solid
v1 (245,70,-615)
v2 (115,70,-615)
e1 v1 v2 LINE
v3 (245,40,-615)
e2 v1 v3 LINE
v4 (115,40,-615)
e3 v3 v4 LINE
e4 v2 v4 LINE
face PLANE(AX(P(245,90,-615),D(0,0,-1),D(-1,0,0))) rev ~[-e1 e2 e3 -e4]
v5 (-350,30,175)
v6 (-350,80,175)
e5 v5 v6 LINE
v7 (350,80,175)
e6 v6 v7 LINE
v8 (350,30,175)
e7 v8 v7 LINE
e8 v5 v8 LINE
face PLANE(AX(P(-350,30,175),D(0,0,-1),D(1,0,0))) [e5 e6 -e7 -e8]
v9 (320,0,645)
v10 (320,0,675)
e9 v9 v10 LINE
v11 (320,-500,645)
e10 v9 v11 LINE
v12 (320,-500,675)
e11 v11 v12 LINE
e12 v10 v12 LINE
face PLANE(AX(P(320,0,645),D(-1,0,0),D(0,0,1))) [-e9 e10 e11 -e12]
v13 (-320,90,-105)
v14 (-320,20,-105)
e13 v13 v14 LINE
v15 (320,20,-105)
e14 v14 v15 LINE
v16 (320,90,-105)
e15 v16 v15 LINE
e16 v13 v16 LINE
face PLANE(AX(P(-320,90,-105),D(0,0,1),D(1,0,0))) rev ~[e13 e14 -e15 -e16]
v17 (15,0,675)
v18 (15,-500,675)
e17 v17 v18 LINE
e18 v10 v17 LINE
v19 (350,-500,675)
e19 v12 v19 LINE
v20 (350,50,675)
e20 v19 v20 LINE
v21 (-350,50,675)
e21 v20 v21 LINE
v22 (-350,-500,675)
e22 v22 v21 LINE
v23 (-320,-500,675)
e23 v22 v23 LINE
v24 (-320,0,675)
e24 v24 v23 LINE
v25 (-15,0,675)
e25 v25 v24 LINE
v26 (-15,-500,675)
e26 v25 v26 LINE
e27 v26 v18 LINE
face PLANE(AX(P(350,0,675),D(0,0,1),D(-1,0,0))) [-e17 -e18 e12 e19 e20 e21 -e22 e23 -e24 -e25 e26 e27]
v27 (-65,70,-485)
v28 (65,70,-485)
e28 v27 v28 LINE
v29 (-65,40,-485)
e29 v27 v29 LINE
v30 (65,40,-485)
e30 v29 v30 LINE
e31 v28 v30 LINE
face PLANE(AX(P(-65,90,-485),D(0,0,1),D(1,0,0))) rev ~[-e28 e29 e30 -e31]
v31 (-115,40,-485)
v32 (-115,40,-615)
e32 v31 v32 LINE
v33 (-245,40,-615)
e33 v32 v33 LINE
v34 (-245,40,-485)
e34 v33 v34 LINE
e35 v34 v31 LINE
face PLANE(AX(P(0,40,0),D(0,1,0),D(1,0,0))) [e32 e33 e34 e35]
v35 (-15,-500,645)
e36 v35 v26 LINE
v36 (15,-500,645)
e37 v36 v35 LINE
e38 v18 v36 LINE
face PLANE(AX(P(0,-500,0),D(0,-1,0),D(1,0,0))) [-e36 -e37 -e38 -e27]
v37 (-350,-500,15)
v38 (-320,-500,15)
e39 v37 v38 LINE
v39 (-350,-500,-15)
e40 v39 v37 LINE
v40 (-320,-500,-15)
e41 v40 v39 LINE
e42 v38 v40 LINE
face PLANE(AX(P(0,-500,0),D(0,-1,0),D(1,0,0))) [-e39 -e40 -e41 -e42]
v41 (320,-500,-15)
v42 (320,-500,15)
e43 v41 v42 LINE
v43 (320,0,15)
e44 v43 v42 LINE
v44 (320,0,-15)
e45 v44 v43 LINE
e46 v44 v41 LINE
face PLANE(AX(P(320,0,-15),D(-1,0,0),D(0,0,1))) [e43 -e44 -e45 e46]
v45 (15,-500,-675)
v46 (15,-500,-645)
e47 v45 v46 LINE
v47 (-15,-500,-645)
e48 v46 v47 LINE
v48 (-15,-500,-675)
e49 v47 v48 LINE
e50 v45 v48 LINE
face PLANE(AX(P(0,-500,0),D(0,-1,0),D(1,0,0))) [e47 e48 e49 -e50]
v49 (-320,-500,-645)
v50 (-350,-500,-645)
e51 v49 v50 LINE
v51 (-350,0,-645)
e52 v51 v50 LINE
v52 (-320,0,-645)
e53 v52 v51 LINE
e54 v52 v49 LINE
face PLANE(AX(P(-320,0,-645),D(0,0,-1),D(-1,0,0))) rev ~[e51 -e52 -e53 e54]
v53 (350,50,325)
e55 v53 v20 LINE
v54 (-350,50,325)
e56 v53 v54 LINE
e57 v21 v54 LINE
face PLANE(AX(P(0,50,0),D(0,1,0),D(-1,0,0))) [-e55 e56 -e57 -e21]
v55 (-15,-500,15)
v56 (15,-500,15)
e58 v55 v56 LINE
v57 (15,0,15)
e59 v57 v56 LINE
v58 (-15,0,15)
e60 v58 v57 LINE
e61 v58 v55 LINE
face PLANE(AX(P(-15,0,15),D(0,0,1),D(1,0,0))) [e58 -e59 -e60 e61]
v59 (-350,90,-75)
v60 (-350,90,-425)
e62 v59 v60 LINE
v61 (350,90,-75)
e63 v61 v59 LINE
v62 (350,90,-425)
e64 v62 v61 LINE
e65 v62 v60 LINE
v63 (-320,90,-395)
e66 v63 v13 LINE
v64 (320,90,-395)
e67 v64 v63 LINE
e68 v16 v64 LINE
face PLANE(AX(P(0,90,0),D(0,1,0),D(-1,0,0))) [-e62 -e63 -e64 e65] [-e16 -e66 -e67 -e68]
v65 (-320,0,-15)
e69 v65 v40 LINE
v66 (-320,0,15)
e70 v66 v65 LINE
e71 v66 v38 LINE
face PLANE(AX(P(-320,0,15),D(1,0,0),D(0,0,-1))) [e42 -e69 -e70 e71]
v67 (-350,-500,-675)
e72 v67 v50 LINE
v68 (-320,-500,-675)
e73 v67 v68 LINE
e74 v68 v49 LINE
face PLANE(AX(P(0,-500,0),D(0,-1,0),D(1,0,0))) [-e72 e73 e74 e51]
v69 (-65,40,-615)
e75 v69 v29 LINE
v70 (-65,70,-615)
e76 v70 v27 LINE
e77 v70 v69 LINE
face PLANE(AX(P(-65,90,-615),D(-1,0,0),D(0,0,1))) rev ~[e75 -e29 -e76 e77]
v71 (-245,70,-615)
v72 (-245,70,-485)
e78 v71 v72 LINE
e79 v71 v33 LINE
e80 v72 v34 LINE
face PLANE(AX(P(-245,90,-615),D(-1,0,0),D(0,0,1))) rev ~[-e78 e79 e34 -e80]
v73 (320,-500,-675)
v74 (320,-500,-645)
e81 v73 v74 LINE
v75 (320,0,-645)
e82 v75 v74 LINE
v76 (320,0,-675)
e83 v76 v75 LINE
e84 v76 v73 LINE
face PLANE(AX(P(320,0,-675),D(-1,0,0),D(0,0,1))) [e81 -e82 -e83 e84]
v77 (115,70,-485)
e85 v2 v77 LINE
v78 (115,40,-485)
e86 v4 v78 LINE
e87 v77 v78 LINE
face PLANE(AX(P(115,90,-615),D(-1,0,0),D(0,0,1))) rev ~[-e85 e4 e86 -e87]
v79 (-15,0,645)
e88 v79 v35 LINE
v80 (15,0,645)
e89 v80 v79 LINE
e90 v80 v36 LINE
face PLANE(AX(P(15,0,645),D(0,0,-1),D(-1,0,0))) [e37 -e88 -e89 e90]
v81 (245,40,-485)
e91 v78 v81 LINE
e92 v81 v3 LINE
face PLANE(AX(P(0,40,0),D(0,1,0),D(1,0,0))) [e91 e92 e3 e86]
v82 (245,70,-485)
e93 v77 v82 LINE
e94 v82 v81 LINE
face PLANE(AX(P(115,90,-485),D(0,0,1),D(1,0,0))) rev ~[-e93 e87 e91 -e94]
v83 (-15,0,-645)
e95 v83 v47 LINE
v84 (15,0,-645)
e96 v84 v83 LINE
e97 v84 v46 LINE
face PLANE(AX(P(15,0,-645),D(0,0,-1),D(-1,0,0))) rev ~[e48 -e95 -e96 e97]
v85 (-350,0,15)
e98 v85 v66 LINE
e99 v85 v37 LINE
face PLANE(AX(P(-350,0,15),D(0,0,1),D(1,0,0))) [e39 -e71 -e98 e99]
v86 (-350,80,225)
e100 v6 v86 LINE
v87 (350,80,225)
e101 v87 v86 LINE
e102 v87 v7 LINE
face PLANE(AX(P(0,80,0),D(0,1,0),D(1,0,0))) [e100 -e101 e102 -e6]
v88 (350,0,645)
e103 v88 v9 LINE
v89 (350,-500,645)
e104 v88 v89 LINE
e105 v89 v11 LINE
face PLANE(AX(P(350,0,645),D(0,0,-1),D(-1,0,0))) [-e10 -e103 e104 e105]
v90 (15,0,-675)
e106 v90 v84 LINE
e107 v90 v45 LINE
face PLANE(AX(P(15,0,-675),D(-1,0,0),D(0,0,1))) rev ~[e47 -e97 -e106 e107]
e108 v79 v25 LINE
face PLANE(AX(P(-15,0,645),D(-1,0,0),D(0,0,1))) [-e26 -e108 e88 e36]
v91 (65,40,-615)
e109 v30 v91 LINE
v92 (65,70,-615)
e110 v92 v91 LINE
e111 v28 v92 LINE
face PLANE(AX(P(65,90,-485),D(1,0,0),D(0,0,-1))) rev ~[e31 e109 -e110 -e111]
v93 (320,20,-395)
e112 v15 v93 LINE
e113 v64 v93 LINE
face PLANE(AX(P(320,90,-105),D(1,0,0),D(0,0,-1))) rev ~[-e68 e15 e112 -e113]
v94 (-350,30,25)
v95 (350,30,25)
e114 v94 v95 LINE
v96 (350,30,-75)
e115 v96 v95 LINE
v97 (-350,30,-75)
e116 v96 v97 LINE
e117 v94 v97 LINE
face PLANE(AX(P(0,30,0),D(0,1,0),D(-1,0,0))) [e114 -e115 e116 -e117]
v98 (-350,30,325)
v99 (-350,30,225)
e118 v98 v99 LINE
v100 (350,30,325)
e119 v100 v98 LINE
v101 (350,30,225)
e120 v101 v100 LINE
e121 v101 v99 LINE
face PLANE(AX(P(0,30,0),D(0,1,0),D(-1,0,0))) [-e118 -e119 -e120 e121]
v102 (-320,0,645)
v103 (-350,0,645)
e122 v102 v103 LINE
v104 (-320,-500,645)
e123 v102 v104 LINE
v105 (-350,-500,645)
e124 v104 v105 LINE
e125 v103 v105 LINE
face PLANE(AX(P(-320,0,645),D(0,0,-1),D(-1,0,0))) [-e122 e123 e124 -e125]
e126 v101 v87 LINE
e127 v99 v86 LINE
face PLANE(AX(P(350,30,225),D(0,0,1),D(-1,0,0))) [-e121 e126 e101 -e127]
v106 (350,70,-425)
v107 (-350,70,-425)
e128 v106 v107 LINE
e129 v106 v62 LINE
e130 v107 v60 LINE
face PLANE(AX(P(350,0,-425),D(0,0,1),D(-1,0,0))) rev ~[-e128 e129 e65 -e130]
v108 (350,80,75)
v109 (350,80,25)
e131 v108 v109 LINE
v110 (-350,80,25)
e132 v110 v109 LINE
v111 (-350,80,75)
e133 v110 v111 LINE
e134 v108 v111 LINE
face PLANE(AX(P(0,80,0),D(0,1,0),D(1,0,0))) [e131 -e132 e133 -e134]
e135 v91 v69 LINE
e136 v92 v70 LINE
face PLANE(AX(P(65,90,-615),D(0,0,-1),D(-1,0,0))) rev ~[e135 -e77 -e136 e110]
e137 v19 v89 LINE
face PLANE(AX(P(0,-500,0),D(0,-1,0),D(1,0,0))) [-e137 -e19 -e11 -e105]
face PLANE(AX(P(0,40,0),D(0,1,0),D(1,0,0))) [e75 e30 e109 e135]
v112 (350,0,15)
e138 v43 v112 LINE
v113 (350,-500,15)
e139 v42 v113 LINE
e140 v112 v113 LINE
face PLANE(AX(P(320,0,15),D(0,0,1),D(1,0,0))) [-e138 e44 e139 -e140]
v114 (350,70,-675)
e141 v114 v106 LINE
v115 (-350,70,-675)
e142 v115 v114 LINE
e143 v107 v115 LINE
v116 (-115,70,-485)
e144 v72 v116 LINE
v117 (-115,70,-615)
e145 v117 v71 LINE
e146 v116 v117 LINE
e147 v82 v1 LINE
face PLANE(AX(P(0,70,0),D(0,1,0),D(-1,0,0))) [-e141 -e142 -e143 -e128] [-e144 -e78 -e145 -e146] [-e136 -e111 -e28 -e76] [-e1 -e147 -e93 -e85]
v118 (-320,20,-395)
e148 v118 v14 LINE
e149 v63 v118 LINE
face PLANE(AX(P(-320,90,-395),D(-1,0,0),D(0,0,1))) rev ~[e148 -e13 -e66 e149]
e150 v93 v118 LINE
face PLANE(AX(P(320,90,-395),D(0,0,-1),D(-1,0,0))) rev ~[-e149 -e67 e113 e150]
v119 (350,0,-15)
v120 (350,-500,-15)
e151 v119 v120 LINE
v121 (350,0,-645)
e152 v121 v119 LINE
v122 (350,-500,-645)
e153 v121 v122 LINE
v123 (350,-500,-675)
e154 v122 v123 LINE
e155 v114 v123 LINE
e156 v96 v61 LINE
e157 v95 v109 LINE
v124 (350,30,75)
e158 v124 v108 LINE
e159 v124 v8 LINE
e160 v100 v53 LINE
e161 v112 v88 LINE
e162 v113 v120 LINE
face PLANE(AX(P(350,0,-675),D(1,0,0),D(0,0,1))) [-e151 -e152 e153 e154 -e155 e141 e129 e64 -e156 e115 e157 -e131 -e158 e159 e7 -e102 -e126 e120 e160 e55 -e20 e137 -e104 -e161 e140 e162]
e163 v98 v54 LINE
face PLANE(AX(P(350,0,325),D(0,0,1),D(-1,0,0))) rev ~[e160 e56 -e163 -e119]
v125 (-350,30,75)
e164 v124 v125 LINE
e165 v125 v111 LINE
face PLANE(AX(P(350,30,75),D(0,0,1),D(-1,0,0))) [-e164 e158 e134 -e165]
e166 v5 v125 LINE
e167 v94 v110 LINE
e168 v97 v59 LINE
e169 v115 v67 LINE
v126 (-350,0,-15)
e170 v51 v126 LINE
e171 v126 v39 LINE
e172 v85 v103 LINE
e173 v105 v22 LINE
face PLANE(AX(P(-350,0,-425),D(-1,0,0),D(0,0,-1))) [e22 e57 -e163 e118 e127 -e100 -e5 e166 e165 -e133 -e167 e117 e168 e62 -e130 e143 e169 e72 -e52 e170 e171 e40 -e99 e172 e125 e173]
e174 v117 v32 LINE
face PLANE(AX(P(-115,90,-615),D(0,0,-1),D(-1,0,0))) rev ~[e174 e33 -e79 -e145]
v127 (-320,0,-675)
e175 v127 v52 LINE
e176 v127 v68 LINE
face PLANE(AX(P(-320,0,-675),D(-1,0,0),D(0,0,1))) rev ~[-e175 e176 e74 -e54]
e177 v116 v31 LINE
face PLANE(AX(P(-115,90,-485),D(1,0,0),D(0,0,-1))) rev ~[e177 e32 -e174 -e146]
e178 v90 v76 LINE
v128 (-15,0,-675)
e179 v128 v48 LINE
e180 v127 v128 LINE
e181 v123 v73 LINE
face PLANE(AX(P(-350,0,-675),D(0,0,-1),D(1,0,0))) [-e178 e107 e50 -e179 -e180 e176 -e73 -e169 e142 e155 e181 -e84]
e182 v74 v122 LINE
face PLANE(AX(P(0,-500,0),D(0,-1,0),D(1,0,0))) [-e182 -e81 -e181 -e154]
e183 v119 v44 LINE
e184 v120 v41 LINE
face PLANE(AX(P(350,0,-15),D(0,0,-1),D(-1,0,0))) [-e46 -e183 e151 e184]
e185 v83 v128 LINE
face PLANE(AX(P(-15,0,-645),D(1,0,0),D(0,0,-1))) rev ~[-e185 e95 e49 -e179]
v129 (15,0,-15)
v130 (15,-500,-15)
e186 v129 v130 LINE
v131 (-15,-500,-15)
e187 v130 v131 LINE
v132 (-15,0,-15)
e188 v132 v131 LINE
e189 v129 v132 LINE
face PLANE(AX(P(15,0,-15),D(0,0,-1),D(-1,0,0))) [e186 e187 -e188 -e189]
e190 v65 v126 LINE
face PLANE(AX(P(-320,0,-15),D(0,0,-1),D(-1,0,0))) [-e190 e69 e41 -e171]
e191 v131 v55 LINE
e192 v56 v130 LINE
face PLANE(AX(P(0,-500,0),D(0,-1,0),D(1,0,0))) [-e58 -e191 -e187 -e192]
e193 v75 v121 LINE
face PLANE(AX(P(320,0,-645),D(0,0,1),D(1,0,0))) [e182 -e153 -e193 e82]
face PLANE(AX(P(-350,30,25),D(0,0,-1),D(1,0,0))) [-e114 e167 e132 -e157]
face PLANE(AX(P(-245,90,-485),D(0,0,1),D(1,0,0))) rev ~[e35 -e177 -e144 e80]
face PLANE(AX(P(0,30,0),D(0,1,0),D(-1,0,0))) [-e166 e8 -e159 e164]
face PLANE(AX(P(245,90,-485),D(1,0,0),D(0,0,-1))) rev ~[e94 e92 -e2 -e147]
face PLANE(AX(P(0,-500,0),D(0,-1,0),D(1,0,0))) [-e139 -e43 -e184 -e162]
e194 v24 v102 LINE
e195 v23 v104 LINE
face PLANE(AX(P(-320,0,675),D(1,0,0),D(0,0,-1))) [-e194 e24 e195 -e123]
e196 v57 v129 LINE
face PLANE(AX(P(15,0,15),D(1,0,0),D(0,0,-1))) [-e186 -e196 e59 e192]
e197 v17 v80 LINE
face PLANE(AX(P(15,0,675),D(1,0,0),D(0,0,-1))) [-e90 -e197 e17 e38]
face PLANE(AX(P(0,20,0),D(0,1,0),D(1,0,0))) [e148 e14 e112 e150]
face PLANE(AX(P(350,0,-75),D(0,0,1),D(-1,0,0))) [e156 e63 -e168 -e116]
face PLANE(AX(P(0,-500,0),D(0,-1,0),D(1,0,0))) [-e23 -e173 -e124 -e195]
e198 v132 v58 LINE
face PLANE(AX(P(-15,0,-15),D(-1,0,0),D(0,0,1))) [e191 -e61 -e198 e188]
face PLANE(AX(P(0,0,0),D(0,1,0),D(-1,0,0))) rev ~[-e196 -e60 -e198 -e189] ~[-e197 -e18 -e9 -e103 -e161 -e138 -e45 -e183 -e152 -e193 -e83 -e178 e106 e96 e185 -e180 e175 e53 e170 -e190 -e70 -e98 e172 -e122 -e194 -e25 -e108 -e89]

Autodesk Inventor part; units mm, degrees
ref_plane "YZ Plane" through (0, 0, 0) normal (1, 0, 0) x (0, 1, 0)
ref_plane "XZ Plane" through (0, 0, 0) normal (0, 1, 0) x (-1, 0, 0)
ref_plane "XY Plane" through (0, 0, 0) normal (0, 0, 1) x (1, 0, 0)
sketch "Sketch1" plane through (0, 0, 0) normal (0, 1, 0) x (-1, 0, 0)
  line L0 (-350, 675) -> (350, 675)
  line L1 (350, 675) -> (350, -675)
  line L2 (350, -675) -> (-350, -675)
  line L3 (-350, -675) -> (-350, 675)
  line L4 (-350, 675) -> (350, -675) construction
  line L5 (350, 675) -> (-350, -675) construction
  line L6 (350, 675) -> (-350, 675)
  line L7 (-350, 675) -> (-350, 325)
  line L8 (-350, 325) -> (350, 325)
  line L9 (350, 325) -> (350, 675)
  line L10 (350, 325) -> (-350, 325)
  line L11 (-350, 325) -> (-350, -75)
  line L12 (-350, -75) -> (350, -75)
  line L13 (350, -75) -> (350, 325)
  line L14 (350, -75) -> (-350, -75)
  line L15 (-350, -75) -> (-350, -425)
  line L16 (-350, -425) -> (350, -425)
  line L17 (350, -425) -> (350, -75)
  line L18 (350, -425) -> (-350, -425)
  line L19 (-350, -425) -> (-350, -675)
  line L20 (-350, -675) -> (350, -675)
  line L21 (350, -675) -> (350, -425)
  point P0 (0, 0)
  dimension "d1" = 1350
  dimension "d2" = 700
  dimension "d3" = 350
  dimension "d4" = 400
  dimension "d5" = 350
extrude "Extrusion1" add sketch "Sketch1" along normal blind 50 contours L0 L1 L8 L3
extrude "Extrusion2" add sketch "Sketch1" along normal blind 30 contours L8 L1 L12 L3
extrude "Extrusion3" add sketch "Sketch1" along normal blind 90 contours L12 L1 L16 L3
extrude "Extrusion4" add sketch "Sketch1" along normal blind 70 contours L16 L1 L2 L3
sketch "Sketch2" plane through (0, 90, 0) normal (0, 1, 0) x (1, 0, 0)
  line L0 (-320, 105) -> (320, 105)
  line L1 (320, 105) -> (320, 395)
  line L2 (320, 395) -> (-320, 395)
  line L3 (-320, 395) -> (-320, 105)
  line L4 (-350, 75) -> (350, 75) projected
  line L5 (-350, 425) -> (-350, 75) projected
  line L6 (350, 75) -> (350, 425) projected
  line L7 (350, 425) -> (-350, 425) projected
  line L8 (-245, 485) -> (-115, 485)
  line L9 (-115, 485) -> (-115, 615)
  line L10 (-115, 615) -> (-245, 615)
  line L11 (-245, 615) -> (-245, 485)
  line L12 (-65, 485) -> (65, 485)
  line L13 (65, 485) -> (65, 615)
  line L14 (65, 615) -> (-65, 615)
  line L15 (-65, 615) -> (-65, 485)
  line L16 (115, 485) -> (245, 485)
  line L17 (245, 485) -> (245, 615)
  line L18 (245, 615) -> (115, 615)
  line L19 (115, 615) -> (115, 485)
  line L20 (-350, 675) -> (-350, 425) projected
  point P0 (0, 0)
  point P1 (320, 250)
  dimension "d14" = 30
  dimension "d15" = 30
  dimension "d16" = 30
  dimension "d17" = 30
  dimension "d18" = 130
  dimension "d19" = 130
  dimension "d20" = 105
  dimension "d21" = 60
  dimension "d22" = 50
  dimension "d23" = 50
extrude "Extrusion5" cut sketch "Sketch2" against normal blind 70 contours L3 L2 L1 L0
extrude "Extrusion6" cut sketch "Sketch2" against normal blind 50 contours L11 L10 L9 L8 | L15 L14 L13 L12 | L19 L18 L17 L16
sketch "Sketch4" plane through (0, 0, 0) normal (0, -1, 0) x (1, 0, 0)
  line L0 (-350, -675) -> (-350, 675) projected
  line L1 (-350, 675) -> (-320, 675)
  line L2 (-320, 675) -> (-320, 645)
  line L3 (-320, 645) -> (-350, 645)
  line L4 (-350, 645) -> (-350, 675)
  line L5 (-350, 675) -> (350, 675) projected
  line L6 (350, 675) -> (350, -675) projected
  line L7 (320, 675) -> (350, 675)
  line L8 (350, 675) -> (350, 645)
  line L9 (350, 645) -> (320, 645)
  line L10 (320, 645) -> (320, 675)
  line L11 (-350, -675) -> (-350, -425) projected
  line L12 (-350, -675) -> (-320, -675)
  line L13 (-320, -675) -> (-320, -645)
  line L14 (-320, -645) -> (-350, -645)
  line L15 (-350, -645) -> (-350, -675)
  line L16 (350, -675) -> (320, -675)
  line L17 (320, -675) -> (320, -645)
  line L18 (320, -645) -> (350, -645)
  line L19 (350, -645) -> (350, -675)
  line L20 (-15, 675) -> (15, 675)
  line L21 (15, 675) -> (15, 645)
  line L22 (15, 645) -> (-15, 645)
  line L23 (-15, 645) -> (-15, 675)
  line L24 (350, -675) -> (-350, -675) projected
  line L25 (-15, -675) -> (15, -675)
  line L26 (15, -675) -> (15, -645)
  line L27 (15, -645) -> (-15, -645)
  line L28 (-15, -645) -> (-15, -675)
  line L29 (-350, 15) -> (-320, 15)
  line L30 (-320, 15) -> (-320, -15)
  line L31 (-320, -15) -> (-350, -15)
  line L32 (-350, -15) -> (-350, 15)
  line L33 (320, 15) -> (350, 15)
  line L34 (350, 15) -> (350, -15)
  line L35 (350, -15) -> (320, -15)
  line L36 (320, -15) -> (320, 15)
  line L37 (-15, 15) -> (15, 15)
  line L38 (15, 15) -> (15, -15)
  line L39 (15, -15) -> (-15, -15)
  line L40 (-15, -15) -> (-15, 15)
  point P0 (0, 0)
  point P1 (0, -645)
  point P2 (0, -675)
  point P3 (0, 645)
  point P4 (320, 0)
  point P5 (-320, 0)
  point P6 (-350, 0)
  point P7 (350, 0)
  point P8 (0, 15)
  point P9 (15, 0)
  dimension "d32" = 30
  dimension "d33" = 30
extrude "Extrusion8" add sketch "Sketch4" along normal blind 500 contours L0 L14 L13 L12 | L28 L27 L26 L24 | L0 L29 L30 L31 | L17 L18 L6 L16 | L0 L1 L2 L3 | L35 L36 L33 L6 | L5 L21 L22 L23 | L9 L10 L5 L6 | L37 L38 L39 L40
sketch "Sketch5" plane through (0, 30, 0) normal (0, 1, 0) x (1, 0, 0)
  line L0 (-350, 75) -> (-350, -325) projected
  line L1 (350, -325) -> (350, 75) projected
  line L2 (-350, -25) -> (350, -25)
  line L3 (350, -25) -> (350, -75)
  line L4 (350, -75) -> (-350, -75)
  line L5 (-350, -75) -> (-350, -25)
  line L6 (-350, -175) -> (350, -175)
  line L7 (350, -175) -> (350, -225)
  line L8 (350, -225) -> (-350, -225)
  line L9 (-350, -225) -> (-350, -175)
  line L10 (350, -325) -> (-350, -325) projected
  line L11 (-350, 75) -> (350, 75) projected
  point P0 (0, 0)
  point P1 (350, -25)
  point P2 (-350, -225)
  point P3 (350, -175)
  dimension "d36" = 700
  dimension "d37" = 50
  dimension "d38" = 50
  dimension "d39" = 100
  dimension "d40" = 100
extrude "Extrusion9" add sketch "Sketch5" along normal blind 50 contours L2 L1 L4 L0 | L6 L1 L8 L0
properties part number "Table"
